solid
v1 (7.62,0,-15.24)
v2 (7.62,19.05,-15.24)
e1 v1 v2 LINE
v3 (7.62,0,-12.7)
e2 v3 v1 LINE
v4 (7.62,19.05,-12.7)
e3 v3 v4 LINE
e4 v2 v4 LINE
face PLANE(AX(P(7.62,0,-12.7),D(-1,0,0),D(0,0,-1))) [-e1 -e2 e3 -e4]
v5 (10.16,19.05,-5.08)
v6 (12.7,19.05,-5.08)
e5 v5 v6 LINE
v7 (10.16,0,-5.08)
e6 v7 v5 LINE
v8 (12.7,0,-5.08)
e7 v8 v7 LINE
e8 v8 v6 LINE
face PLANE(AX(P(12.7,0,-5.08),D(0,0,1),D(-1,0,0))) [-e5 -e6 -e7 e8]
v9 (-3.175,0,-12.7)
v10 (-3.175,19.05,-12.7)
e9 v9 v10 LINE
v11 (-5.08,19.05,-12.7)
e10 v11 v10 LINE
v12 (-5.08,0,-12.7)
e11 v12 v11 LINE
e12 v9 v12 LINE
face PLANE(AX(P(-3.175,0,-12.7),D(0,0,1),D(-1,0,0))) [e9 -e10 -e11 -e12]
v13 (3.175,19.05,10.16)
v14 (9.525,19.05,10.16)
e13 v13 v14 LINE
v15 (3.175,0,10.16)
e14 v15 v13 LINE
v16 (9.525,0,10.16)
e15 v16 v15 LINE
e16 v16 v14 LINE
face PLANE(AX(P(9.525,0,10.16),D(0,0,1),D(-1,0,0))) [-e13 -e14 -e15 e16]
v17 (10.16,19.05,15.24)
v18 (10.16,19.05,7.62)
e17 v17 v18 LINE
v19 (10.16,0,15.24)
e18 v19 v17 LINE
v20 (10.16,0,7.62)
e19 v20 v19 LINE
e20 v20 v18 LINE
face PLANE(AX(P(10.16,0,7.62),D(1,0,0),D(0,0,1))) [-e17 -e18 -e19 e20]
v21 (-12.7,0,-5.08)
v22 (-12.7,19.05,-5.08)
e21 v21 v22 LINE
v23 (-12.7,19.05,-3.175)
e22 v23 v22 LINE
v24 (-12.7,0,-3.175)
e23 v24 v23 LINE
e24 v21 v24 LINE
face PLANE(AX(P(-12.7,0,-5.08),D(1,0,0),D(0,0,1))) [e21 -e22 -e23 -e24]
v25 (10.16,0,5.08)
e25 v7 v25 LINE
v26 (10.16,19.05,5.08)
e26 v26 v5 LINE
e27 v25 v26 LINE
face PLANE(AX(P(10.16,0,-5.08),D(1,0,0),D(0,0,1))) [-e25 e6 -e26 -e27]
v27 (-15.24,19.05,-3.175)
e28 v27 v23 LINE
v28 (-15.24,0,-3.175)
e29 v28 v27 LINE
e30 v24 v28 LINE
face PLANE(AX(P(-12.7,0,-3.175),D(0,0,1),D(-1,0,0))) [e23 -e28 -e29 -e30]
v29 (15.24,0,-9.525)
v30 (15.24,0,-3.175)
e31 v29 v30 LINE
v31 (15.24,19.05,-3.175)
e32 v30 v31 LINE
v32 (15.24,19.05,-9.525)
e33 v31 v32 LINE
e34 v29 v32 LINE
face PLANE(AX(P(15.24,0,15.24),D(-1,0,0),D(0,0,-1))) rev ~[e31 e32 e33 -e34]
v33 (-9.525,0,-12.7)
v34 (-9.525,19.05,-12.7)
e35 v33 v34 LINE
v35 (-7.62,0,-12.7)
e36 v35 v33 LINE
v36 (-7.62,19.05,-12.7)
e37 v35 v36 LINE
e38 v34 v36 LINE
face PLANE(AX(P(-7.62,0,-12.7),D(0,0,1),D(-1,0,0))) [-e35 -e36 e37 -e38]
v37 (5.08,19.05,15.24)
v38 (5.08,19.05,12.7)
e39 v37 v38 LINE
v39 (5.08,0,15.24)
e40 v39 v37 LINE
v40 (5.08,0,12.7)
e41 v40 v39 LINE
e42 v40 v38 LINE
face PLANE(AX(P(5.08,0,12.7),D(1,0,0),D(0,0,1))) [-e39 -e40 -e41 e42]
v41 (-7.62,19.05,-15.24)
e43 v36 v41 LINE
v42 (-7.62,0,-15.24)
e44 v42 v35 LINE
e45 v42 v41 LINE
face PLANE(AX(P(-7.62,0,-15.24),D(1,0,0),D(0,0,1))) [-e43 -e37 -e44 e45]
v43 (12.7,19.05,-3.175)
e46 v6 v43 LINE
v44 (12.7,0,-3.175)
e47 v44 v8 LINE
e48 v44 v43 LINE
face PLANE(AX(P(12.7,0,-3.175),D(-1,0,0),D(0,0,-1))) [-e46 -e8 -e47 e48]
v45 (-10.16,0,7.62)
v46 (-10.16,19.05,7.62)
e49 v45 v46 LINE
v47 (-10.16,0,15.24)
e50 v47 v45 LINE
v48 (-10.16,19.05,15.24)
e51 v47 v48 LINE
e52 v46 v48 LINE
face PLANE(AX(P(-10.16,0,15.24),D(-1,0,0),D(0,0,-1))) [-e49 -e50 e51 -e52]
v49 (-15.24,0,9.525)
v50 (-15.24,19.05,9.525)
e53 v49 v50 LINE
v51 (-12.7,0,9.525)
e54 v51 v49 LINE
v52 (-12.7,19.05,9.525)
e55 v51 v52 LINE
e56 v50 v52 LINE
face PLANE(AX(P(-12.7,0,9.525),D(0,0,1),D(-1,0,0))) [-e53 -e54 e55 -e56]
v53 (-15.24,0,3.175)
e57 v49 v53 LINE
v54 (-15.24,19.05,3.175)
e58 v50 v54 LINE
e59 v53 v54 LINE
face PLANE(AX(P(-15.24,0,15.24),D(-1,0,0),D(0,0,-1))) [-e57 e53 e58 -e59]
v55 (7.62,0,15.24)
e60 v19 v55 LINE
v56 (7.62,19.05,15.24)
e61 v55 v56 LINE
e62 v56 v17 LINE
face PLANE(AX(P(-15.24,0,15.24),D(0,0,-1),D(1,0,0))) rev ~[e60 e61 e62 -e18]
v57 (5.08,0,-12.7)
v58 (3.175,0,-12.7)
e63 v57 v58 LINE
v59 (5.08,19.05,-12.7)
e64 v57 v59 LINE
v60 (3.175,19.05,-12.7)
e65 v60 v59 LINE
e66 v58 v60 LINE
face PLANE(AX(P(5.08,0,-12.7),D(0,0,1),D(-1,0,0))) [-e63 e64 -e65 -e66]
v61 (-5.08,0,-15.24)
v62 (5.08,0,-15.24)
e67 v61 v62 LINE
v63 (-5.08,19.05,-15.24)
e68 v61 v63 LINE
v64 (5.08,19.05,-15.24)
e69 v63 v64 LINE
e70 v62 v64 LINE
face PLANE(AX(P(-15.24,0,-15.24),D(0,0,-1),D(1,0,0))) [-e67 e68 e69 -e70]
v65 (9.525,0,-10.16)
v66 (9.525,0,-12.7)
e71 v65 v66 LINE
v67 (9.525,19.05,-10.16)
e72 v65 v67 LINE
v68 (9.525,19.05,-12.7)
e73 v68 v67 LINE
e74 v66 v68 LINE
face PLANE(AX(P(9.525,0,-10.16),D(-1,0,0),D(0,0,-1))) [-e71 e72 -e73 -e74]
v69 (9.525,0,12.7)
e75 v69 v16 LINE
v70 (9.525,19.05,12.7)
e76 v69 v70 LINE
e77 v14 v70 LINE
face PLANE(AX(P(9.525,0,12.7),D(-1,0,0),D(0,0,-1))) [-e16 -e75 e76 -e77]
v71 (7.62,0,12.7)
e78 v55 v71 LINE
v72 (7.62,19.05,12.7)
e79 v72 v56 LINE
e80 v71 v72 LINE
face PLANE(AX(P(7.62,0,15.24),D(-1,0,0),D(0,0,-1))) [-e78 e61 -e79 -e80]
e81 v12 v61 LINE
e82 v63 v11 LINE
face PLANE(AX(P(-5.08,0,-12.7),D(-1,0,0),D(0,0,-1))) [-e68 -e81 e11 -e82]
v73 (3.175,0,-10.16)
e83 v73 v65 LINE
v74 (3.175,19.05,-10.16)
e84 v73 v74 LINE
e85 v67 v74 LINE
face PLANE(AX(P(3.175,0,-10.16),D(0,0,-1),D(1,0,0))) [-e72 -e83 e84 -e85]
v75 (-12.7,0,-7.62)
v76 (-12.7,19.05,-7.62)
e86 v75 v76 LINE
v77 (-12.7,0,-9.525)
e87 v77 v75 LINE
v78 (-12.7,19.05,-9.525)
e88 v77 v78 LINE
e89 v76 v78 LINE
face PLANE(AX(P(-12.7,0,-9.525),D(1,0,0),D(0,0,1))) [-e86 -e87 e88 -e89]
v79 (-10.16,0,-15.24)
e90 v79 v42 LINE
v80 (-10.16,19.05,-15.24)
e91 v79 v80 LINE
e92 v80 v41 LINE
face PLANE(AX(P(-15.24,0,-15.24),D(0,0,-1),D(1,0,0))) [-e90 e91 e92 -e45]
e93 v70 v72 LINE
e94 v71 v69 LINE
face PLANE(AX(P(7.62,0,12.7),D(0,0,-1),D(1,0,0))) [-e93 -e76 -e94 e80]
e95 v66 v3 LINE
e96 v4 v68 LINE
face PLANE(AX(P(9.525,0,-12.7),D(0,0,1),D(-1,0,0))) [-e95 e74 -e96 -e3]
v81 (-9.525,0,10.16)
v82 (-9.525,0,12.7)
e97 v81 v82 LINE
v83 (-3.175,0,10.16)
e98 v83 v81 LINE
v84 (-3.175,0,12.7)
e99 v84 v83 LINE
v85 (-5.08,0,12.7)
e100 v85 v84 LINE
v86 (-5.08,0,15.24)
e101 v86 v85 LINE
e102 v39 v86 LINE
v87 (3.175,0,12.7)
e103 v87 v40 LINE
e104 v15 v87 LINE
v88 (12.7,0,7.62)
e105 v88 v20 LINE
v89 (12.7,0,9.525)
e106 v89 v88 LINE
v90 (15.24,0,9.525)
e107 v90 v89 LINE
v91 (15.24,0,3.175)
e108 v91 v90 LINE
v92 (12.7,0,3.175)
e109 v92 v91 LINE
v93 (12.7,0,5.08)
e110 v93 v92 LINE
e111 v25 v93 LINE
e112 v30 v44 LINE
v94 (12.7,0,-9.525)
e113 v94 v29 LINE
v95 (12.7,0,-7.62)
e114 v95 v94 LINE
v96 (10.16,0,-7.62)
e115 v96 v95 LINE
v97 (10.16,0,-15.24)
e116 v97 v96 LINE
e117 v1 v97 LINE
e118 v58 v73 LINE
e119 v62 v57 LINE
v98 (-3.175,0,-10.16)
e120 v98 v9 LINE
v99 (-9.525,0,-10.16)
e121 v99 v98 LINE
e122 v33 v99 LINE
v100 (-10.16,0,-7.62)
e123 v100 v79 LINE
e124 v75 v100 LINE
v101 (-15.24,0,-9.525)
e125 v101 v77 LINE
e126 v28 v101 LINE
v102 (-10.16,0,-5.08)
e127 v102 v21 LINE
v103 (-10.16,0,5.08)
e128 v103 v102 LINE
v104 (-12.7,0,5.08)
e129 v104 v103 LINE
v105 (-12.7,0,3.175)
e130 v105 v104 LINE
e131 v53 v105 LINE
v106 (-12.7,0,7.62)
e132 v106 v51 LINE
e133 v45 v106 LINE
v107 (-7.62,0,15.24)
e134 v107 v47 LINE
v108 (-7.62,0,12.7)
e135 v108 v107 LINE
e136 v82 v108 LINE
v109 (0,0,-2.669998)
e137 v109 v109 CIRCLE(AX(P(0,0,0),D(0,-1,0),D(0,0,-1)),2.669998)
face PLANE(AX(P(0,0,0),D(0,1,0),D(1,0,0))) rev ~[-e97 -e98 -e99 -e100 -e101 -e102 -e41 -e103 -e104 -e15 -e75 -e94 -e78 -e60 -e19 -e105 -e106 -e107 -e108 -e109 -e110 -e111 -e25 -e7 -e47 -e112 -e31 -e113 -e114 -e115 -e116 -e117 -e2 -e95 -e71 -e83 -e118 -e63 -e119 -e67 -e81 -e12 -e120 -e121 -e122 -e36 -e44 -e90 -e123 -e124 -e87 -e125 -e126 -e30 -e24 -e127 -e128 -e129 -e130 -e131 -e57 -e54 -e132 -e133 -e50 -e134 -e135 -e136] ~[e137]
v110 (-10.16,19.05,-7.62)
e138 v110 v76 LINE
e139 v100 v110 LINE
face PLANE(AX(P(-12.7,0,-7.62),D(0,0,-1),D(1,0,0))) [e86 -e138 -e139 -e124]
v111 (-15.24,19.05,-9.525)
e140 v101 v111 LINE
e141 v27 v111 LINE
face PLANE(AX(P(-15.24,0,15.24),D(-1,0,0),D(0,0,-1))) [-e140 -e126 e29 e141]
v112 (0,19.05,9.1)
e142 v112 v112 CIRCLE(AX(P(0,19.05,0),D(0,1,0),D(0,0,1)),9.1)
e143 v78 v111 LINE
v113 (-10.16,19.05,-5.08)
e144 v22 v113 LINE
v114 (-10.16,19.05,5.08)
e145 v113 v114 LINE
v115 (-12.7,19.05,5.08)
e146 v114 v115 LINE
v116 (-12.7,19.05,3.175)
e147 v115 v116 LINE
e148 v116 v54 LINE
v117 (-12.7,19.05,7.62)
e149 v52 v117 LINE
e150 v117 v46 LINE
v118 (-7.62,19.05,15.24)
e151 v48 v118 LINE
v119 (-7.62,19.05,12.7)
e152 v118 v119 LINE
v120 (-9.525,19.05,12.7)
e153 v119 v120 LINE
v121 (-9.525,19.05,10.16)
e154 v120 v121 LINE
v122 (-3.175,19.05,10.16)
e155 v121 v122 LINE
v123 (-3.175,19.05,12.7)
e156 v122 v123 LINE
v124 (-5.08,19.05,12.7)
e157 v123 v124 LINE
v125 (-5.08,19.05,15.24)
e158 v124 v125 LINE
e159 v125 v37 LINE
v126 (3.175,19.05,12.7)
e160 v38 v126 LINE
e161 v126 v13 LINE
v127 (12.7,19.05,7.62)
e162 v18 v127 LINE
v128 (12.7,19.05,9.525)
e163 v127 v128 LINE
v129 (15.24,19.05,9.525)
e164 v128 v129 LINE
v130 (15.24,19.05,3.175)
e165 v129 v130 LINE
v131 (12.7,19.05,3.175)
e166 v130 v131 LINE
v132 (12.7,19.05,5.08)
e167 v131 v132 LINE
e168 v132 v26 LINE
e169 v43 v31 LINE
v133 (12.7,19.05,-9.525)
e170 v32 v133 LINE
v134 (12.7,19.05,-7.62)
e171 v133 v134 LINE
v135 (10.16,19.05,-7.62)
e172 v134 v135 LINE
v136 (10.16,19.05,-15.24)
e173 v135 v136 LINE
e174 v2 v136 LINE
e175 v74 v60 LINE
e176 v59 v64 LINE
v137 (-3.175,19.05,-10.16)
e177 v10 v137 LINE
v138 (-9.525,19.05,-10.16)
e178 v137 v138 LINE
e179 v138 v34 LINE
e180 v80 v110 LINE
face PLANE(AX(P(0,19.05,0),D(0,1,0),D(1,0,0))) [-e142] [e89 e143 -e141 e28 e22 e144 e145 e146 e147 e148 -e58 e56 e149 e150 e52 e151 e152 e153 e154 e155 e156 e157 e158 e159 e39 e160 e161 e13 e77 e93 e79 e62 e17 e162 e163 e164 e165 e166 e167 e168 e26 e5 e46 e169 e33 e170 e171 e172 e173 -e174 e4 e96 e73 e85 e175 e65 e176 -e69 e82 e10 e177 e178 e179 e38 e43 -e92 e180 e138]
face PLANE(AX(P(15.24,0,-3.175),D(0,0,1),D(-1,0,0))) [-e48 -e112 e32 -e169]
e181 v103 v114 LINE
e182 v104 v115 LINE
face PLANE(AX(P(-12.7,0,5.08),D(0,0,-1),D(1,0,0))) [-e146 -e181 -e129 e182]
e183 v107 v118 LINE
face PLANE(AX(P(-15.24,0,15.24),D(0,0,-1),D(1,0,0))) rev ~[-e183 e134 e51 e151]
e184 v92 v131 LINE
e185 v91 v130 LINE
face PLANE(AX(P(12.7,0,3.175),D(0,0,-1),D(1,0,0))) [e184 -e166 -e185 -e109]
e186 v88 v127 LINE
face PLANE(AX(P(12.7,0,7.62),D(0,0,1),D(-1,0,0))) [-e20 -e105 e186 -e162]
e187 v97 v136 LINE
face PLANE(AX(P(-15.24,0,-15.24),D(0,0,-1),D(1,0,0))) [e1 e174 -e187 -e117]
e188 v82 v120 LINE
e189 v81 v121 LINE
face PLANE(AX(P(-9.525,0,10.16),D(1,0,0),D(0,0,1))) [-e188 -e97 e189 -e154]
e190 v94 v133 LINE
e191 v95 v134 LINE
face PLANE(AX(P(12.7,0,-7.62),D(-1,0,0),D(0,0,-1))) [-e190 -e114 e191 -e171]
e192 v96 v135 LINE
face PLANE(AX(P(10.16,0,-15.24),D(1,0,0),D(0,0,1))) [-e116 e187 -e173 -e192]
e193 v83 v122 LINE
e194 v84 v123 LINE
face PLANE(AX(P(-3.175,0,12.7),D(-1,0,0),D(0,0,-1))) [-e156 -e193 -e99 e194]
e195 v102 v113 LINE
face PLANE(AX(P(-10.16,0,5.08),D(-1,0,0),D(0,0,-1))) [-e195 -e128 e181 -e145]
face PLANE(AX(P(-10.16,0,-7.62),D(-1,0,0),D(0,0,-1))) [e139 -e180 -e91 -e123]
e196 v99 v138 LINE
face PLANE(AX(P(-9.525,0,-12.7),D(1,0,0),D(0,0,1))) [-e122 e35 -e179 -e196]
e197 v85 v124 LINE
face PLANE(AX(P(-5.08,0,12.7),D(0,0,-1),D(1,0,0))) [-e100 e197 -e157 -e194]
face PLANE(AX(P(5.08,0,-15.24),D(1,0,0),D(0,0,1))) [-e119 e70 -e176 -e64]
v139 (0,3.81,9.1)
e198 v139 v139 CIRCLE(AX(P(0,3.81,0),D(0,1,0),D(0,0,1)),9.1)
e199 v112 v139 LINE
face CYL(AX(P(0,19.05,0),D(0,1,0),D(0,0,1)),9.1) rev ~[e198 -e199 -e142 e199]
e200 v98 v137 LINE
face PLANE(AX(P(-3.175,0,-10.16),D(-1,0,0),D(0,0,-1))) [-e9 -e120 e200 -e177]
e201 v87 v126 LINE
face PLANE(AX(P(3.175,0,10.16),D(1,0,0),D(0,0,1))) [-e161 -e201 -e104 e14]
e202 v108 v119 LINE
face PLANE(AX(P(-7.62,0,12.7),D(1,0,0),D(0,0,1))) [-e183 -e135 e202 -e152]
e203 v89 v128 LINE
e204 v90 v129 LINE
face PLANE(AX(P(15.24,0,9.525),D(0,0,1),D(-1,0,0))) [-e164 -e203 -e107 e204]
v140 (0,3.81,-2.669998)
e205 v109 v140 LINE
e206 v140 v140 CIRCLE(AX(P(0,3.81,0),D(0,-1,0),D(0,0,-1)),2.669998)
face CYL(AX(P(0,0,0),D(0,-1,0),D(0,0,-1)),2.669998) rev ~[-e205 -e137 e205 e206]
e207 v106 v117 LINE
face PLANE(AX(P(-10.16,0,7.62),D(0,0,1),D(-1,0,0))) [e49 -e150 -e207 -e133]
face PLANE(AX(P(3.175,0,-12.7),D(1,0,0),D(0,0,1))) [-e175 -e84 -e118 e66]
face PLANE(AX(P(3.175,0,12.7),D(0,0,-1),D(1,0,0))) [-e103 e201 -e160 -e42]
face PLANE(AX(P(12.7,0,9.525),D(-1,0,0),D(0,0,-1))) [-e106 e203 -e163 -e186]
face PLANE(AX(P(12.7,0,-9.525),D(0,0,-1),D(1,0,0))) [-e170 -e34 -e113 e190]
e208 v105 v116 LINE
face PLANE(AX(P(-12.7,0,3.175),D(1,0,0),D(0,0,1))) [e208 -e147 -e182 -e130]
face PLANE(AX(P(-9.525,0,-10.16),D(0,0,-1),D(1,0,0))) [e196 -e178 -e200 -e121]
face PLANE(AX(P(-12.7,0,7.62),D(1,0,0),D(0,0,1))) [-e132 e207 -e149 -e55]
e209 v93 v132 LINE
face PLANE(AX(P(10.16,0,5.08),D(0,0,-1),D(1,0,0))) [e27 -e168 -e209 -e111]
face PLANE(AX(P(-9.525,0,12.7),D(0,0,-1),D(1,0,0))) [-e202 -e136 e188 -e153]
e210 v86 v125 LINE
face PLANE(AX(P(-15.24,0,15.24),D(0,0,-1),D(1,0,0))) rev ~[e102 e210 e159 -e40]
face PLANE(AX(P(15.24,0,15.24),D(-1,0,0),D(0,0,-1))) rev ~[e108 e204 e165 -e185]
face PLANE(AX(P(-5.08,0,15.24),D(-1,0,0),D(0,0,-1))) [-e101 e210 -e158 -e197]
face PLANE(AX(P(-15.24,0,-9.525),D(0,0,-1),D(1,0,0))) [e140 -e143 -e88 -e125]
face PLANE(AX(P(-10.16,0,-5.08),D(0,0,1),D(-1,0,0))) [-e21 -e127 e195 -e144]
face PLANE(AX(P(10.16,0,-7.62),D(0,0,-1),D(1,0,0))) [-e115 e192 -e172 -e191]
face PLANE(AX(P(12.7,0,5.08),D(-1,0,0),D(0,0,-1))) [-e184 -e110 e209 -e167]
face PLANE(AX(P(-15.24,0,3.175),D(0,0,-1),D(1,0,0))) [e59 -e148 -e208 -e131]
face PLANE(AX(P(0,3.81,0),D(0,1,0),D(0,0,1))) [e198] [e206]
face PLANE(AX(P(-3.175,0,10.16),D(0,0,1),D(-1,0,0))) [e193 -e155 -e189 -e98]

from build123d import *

# Parameters (mm, degrees)
SKETCH1_W               = 30.48
SKETCH1_H               = 30.48
BOSS_EXTRUDE1_DEPTH     = 19.05
SKETCH4_R               = 9.1
CUT_EXTRUDE1_DEPTH      = 15.24
CUT_EXTRUDE2_REACH      = 30.765
SKETCH5_R               = 2.669997608
CUT_EXTRUDE3_DEPTH      = 29.764869198
CUT_EXTRUDE3_DEPTH_BACK = 19.05
SKETCH6_OUTSIDE_W       = 41.906
SKETCH6_OUTSIDE_H       = 41.906


with BuildPart() as part:
    # Sketch1 → Boss-Extrude1 (new body)
    with BuildSketch(Plane(origin=(0, 0, 0), x_dir=(1, 0, 0), z_dir=(0, 1, 0))):
        Rectangle(SKETCH1_W, SKETCH1_H)
    extrude(amount=BOSS_EXTRUDE1_DEPTH)

    # Sketch4 → Cut-Extrude1 (cut)
    with BuildSketch(Plane(origin=(0, 19.05, 0), x_dir=(1, 0, 0), z_dir=(0, 1, 0))):
        with Locations(Location((0, 0, 0), (0, 0, 270))):
            Circle(SKETCH4_R)
    extrude(amount=-CUT_EXTRUDE1_DEPTH, mode=Mode.SUBTRACT)

    # Sketch5 → Cut-Extrude2 (cut, up to next)
    with BuildSketch(Plane.XZ, mode=Mode.PRIVATE) as cut_extrude2_sk1:
        with Locations(Location((0, 0, 0), (0, 0, 270))):
            Circle(SKETCH5_R)
    cut_extrude2_tool1 = extrude(cut_extrude2_sk1.sketch, amount=-CUT_EXTRUDE2_REACH, mode=Mode.PRIVATE) & part.part
    add(cut_extrude2_tool1.solids().sort_by_distance((0, 0, 0))[0], mode=Mode.SUBTRACT)

    # Sketch6 outside → Cut-Extrude3 (cut, two sides: drawn at the far end of the back side and taken through both)
    with BuildSketch(Plane(origin=(0, 19.05, 0), x_dir=(1, 0, 0), z_dir=(0, 1, 0)).offset(-CUT_EXTRUDE3_DEPTH_BACK)):
        Rectangle(SKETCH6_OUTSIDE_W, SKETCH6_OUTSIDE_H)
        Polygon((-7.62, 15.24), (-7.62, 12.7), (-9.525, 12.7), (-9.525, 10.16), (-3.175, 10.16), (-3.175, 12.7), (-5.08, 12.7), (-5.08, 15.24), (5.08, 15.24), (5.08, 12.7), (3.175, 12.7), (3.175, 10.16), (9.525, 10.16), (9.525, 12.7), (7.62, 12.7), (7.62, 15.24), (10.16, 15.24), (10.16, 7.62), (12.7, 7.62), (12.7, 9.525), (15.24, 9.525), (15.24, 3.175), (12.7, 3.175), (12.7, 5.08), (10.16, 5.08), (10.16, -5.08), (12.7, -5.08), (12.7, -3.175), (15.24, -3.175), (15.24, -9.525), (12.7, -9.525), (12.7, -7.62), (10.16, -7.62), (10.16, -15.24), (7.62, -15.24), (7.62, -12.7), (9.525, -12.7), (9.525, -10.16), (3.175, -10.16), (3.175, -12.7), (5.08, -12.7), (5.08, -15.24), (-5.08, -15.24), (-5.08, -12.7), (-3.175, -12.7), (-3.175, -10.16), (-9.525, -10.16), (-9.525, -12.7), (-7.62, -12.7), (-7.62, -15.24), (-10.16, -15.24), (-10.16, -7.62), (-12.7, -7.62), (-12.7, -9.525), (-15.24, -9.525), (-15.24, -3.175), (-12.7, -3.175), (-12.7, -5.08), (-10.16, -5.08), (-10.16, 5.08), (-12.7, 5.08), (-12.7, 3.175), (-15.24, 3.175), (-15.24, 9.525), (-12.7, 9.525), (-12.7, 7.62), (-10.16, 7.62), (-10.16, 15.24), align=None, mode=Mode.SUBTRACT)
    extrude(amount=CUT_EXTRUDE3_DEPTH + CUT_EXTRUDE3_DEPTH_BACK, mode=Mode.SUBTRACT)


solid = part.part
